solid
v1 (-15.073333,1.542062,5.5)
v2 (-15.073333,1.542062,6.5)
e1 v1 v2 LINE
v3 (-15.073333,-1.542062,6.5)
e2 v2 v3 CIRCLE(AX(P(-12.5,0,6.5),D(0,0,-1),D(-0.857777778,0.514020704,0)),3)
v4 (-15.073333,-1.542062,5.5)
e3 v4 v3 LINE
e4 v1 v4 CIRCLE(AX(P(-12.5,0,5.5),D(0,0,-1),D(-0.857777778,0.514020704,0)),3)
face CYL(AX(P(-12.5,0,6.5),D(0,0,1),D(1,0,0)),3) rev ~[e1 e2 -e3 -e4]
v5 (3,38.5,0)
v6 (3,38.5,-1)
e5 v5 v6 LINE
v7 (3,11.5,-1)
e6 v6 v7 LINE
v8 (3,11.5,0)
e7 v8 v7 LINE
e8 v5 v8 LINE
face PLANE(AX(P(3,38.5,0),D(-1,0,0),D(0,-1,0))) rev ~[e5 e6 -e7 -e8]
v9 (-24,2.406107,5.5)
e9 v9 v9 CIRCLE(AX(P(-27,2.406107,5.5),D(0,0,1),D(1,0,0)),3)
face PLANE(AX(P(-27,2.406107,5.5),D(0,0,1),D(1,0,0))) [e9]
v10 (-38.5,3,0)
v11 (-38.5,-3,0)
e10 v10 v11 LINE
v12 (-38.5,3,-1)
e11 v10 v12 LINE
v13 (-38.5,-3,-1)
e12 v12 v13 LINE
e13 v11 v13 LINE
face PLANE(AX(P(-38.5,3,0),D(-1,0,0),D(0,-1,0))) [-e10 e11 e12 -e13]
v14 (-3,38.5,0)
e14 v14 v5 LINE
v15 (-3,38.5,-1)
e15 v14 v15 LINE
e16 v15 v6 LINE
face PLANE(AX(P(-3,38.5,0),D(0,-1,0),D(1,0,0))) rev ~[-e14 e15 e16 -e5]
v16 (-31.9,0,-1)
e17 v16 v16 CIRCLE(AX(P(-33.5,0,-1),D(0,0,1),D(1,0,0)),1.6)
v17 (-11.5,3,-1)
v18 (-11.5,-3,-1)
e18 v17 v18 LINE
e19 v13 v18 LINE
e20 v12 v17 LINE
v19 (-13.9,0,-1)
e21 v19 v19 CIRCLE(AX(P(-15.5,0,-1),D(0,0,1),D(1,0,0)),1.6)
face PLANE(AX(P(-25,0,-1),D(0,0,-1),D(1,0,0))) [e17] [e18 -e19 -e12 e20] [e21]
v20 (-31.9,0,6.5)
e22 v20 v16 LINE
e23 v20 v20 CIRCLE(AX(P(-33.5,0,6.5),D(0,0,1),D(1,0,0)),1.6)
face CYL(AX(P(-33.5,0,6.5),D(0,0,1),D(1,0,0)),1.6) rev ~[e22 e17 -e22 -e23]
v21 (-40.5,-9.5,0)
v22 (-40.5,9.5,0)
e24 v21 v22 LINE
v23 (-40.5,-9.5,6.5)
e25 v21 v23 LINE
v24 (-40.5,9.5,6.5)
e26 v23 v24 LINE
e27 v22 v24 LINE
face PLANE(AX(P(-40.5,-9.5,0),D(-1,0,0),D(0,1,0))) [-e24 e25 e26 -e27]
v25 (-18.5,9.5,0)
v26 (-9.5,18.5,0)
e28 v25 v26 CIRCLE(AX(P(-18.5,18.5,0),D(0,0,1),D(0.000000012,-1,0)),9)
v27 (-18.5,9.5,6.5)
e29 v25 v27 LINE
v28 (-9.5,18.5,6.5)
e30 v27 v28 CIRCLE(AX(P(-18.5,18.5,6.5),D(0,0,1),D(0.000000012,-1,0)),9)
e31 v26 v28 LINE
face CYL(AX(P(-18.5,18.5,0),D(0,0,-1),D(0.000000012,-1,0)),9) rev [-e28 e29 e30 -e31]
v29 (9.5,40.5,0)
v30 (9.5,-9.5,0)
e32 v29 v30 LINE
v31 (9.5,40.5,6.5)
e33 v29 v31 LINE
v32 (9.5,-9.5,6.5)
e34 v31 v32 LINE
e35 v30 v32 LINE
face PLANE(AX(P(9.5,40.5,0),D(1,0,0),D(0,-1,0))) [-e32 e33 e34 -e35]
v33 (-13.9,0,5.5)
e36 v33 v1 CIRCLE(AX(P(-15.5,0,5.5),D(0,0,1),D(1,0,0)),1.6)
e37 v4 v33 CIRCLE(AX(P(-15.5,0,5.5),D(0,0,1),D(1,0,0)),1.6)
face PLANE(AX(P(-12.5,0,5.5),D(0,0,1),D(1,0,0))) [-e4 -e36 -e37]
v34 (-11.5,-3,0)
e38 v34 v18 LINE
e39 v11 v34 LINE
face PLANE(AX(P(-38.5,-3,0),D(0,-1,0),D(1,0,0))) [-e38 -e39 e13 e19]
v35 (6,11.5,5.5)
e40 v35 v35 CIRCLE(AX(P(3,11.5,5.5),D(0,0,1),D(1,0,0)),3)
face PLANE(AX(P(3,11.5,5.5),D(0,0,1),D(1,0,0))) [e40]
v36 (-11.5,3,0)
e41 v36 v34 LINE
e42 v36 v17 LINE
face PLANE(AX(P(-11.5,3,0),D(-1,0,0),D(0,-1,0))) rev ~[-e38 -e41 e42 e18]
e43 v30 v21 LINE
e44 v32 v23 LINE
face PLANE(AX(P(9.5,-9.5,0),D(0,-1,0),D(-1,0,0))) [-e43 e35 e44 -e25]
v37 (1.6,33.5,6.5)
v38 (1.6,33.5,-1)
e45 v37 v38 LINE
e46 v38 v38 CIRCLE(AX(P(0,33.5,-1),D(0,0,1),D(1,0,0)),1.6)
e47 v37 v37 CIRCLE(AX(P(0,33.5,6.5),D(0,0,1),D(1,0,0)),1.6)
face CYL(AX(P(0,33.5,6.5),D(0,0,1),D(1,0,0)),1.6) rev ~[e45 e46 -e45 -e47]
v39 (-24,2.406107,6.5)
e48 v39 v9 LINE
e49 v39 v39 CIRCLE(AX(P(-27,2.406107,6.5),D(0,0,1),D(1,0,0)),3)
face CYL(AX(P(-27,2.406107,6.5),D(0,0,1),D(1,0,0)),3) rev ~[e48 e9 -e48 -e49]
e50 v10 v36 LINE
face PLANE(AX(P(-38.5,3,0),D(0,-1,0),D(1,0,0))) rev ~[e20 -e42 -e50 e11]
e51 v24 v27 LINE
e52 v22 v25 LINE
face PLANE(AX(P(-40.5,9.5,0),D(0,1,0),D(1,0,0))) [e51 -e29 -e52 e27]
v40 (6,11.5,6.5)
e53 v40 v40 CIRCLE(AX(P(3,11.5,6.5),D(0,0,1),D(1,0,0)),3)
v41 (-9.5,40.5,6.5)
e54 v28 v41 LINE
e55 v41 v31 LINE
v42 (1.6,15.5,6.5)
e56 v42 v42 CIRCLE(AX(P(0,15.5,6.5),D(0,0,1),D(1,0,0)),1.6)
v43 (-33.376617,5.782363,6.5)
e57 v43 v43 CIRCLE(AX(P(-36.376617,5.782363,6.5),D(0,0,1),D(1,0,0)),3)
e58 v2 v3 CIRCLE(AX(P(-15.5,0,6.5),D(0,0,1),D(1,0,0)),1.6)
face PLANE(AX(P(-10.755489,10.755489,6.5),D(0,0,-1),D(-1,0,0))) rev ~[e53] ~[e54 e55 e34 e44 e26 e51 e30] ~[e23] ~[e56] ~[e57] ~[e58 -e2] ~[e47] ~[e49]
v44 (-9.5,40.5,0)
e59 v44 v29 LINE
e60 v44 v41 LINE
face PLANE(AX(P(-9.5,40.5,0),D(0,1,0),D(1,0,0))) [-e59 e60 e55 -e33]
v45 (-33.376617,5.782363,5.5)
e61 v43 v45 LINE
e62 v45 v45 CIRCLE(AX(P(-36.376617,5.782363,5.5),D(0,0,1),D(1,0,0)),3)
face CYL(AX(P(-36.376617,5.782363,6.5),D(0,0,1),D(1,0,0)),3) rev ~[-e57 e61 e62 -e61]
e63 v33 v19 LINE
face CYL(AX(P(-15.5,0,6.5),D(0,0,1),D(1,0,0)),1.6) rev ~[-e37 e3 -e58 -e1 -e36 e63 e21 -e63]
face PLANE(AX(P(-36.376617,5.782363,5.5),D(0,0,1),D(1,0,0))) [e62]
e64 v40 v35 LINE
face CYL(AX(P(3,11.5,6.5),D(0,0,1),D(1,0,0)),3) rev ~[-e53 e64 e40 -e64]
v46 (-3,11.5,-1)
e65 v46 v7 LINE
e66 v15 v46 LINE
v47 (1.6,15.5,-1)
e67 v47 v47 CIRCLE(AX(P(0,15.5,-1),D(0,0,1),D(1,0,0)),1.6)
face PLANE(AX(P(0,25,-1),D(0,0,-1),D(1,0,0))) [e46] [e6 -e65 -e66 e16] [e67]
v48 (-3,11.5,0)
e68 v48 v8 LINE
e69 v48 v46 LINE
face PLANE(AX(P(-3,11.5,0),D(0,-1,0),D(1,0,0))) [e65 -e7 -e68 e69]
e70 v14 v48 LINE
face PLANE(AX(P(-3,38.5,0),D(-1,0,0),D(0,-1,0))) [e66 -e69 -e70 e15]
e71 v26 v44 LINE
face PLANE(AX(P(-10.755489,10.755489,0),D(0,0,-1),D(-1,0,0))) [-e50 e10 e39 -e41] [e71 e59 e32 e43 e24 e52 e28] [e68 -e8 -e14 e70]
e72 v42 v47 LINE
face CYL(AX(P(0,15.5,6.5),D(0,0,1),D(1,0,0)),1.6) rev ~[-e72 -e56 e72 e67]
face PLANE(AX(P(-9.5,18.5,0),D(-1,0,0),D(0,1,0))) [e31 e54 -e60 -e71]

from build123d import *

# Parameters (mm, degrees)
PAD_DEPTH       = 6.5
SKETCH001_W     = 27
SKETCH001_H     = 6
SKETCH001_W_2   = 6
SKETCH001_H_2   = 27
PAD001_DEPTH    = 1
SKETCH002_R     = 1.6
POCKET_DEPTH    = 7.501
SKETCH003_R     = 3
POCKET001_DEPTH = 1


with BuildPart() as part:
    # Sketch → Pad (new body)
    with BuildSketch(Plane.XY):
        with BuildLine():
            Line((-9.5, 40.5), (9.5, 40.5))
            Line((9.5, 40.5), (9.5, -9.5))
            Line((9.5, -9.5), (-40.5, -9.5))
            Line((-40.5, -9.5), (-40.5, 9.5))
            Line((-40.5, 9.5), (-18.5, 9.5))
            ThreePointArc((-18.5, 9.5), (-12.136039, 12.136039), (-9.5, 18.5))
            Line((-9.5, 18.5), (-9.5, 40.5))
        make_face()
    extrude(amount=PAD_DEPTH)

    # Sketch001 → Pad001 (new body)
    with BuildSketch(Plane(origin=(0, 0, 0), x_dir=(1, 0, 0), z_dir=(0, 0, -1))):
        with Locations((-25, 0)):
            Rectangle(SKETCH001_W, SKETCH001_H)
        with Locations((0, -25)):
            Rectangle(SKETCH001_W_2, SKETCH001_H_2)
    extrude(amount=PAD001_DEPTH)

    # Sketch002 → Pocket (cut, through all)
    with BuildSketch(Plane.XY.offset(6.5)):
        with Locations((-33.5, 0)):
            Circle(SKETCH002_R)
        with Locations((-15.5, 0)):
            Circle(SKETCH002_R)
        with Locations((0, 15.5)):
            Circle(SKETCH002_R)
        with Locations((0, 33.5)):
            Circle(SKETCH002_R)
    extrude(amount=-POCKET_DEPTH, mode=Mode.SUBTRACT)

    # Sketch003 → Pocket001 (cut)
    with BuildSketch(Plane.XY.offset(6.5)):
        with Locations((3, 11.5)):
            Circle(SKETCH003_R)
        with Locations((-12.5, 0)):
            Circle(SKETCH003_R)
        with Locations((-36.376617, 5.782363)):
            Circle(SKETCH003_R)
        with Locations((-27, 2.406107)):
            Circle(SKETCH003_R)
    extrude(amount=-POCKET001_DEPTH, mode=Mode.SUBTRACT)


solid = part.part
